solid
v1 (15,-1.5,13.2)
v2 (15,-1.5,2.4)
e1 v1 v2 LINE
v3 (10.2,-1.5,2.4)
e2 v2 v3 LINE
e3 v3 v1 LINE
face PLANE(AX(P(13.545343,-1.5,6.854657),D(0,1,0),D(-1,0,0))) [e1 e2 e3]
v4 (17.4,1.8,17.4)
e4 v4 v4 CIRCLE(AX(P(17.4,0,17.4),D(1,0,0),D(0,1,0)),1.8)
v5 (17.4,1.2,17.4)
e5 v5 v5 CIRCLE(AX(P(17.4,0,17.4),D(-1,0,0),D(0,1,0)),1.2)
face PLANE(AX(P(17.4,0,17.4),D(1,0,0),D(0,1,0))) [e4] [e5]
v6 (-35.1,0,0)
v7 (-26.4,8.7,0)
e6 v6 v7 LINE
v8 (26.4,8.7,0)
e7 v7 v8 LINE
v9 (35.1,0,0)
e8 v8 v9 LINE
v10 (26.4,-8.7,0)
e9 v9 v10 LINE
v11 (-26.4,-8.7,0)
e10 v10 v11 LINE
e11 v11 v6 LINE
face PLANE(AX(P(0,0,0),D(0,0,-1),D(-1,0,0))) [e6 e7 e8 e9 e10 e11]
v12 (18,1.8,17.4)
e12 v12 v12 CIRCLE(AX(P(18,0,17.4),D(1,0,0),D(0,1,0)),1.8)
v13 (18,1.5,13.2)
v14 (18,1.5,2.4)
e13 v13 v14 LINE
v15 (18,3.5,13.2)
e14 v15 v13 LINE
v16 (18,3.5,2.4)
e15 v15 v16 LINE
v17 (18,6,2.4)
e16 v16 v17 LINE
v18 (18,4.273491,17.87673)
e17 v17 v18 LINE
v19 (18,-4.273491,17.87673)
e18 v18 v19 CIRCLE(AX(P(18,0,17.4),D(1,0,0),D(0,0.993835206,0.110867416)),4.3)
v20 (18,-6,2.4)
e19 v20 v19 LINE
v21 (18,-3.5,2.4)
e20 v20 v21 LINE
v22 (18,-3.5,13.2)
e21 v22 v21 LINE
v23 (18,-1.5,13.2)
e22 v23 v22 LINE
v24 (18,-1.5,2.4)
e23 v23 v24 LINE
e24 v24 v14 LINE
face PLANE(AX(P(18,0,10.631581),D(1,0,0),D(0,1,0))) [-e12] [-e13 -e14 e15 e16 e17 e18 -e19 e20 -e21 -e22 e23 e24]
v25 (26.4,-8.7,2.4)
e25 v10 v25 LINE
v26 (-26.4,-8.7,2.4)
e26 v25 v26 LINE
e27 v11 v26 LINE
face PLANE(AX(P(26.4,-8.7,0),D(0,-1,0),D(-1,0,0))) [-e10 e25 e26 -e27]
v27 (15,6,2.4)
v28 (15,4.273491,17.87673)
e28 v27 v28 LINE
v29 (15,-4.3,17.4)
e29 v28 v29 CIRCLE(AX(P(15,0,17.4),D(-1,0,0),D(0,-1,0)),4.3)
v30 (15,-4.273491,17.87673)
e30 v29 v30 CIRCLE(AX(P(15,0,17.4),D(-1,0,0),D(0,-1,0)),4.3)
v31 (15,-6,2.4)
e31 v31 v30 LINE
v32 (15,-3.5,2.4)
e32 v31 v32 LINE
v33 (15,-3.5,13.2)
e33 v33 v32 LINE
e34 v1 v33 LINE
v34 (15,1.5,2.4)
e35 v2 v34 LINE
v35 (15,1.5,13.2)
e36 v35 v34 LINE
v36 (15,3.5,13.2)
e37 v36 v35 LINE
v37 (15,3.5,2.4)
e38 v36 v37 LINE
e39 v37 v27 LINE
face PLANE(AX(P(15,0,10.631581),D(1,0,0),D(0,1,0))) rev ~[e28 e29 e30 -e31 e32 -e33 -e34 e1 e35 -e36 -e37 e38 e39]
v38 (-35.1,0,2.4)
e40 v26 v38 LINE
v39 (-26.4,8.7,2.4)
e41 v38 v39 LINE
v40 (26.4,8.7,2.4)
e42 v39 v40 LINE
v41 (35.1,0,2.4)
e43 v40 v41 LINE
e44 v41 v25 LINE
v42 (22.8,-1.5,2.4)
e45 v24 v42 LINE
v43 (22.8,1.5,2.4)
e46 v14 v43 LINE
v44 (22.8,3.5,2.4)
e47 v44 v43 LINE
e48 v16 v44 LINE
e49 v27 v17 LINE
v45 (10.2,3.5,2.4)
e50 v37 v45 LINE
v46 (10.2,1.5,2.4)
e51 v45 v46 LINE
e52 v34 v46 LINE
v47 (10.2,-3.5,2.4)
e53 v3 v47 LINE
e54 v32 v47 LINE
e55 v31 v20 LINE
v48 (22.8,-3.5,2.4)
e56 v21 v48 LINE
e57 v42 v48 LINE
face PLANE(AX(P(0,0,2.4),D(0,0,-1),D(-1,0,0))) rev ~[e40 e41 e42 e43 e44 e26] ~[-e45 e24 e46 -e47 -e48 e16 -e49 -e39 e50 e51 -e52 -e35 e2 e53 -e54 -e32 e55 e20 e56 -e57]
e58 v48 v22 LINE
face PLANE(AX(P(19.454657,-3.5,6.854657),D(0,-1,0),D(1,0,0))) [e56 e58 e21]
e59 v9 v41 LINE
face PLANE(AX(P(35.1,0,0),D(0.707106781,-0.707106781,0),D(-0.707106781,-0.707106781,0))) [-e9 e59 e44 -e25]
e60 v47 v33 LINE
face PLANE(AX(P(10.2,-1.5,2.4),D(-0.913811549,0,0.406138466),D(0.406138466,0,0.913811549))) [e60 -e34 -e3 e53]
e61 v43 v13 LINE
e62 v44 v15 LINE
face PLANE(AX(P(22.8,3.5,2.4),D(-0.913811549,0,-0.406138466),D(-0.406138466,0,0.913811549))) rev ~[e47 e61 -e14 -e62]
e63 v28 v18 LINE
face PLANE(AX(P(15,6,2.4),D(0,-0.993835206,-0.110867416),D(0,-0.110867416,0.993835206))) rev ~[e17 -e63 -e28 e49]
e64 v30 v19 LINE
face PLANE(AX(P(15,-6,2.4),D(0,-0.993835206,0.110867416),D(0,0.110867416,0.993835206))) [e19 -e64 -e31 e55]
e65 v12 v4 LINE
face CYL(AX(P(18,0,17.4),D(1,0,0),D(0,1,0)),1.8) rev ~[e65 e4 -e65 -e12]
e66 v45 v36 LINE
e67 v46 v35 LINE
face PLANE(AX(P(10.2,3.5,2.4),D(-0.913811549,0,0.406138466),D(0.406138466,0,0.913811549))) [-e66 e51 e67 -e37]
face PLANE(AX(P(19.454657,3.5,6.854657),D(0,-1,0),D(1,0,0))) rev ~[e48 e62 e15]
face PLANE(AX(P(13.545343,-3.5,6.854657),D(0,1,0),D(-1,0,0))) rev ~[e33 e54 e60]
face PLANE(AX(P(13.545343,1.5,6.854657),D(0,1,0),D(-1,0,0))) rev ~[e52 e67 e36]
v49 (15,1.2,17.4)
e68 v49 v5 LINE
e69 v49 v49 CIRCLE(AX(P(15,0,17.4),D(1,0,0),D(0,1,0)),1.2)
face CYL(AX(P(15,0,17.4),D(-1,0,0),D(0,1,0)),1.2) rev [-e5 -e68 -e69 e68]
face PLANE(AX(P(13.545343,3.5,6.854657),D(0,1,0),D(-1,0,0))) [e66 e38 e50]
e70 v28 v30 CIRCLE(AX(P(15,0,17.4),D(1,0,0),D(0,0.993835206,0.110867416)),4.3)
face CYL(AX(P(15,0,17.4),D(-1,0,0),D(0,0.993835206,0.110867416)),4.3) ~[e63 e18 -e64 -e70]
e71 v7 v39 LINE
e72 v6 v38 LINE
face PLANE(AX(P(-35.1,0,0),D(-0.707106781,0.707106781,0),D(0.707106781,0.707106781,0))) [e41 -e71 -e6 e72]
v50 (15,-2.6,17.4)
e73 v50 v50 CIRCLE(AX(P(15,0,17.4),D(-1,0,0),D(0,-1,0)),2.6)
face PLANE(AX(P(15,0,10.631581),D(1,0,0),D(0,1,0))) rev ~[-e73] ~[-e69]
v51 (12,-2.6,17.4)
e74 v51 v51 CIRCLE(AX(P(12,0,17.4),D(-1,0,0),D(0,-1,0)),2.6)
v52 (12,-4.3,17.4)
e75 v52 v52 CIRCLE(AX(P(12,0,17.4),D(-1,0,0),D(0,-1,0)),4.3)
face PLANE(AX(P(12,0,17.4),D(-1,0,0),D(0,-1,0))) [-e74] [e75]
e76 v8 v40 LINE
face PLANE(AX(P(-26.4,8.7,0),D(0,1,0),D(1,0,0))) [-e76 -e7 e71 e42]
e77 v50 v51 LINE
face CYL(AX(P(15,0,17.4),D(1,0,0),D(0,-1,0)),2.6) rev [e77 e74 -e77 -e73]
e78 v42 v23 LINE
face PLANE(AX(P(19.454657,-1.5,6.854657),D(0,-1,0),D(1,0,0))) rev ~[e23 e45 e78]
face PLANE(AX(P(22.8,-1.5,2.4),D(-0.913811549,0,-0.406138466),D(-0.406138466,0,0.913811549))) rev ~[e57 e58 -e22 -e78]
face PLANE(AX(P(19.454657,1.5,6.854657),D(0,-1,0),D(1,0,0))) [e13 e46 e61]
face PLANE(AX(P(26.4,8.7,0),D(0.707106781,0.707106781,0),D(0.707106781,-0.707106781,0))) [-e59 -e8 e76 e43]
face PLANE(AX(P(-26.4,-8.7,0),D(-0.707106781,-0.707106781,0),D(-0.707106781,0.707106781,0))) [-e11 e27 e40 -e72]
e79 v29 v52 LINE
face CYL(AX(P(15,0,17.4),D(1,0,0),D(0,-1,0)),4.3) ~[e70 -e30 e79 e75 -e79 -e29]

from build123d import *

# Parameters (mm, degrees)
PAD_DEPTH           = 2.4
SKETCH002_R         = 1.2
PAD001_DEPTH        = 3
SKETCH003_R         = 4.3
SKETCH003_R_2       = 2.6
PAD002_DEPTH        = 3
PAD003_DEPTH        = 2
LINEARPATTERN_COUNT = 2
LINEARPATTERN_PITCH = 5
SKETCH006_R         = 1.8
POCKET_DEPTH        = 0.6


with BuildPart() as part:
    # Sketch → Pad (new body)
    with BuildSketch(Plane.XY):
        Polygon((-26.4, 8.7), (26.4, 8.7), (35.1, 0), (26.4, -8.7), (-26.4, -8.7), (-35.1, 0), align=None)
    extrude(amount=PAD_DEPTH)

    # Sketch002 → Pad001 (join)
    with BuildSketch(Plane.YZ.offset(15)):
        with BuildLine():
            Line((-6, 2.4), (6, 2.4))
            Line((6, 2.4), (4.2734913846, 17.8767298872))
            ThreePointArc((4.2734913846, 17.8767298872), (0, 21.7), (-4.2734913846, 17.8767298872))
            Line((-6, 2.4), (-4.2734913846, 17.8767298872))
        make_face()
        with Locations((0, 17.4)):
            Circle(SKETCH002_R, mode=Mode.SUBTRACT)
    extrude(amount=PAD001_DEPTH)

    # Sketch003 (on Face12 of Pad001) → Pad002 (join)
    with BuildSketch(Plane(origin=(15, 0, 0), x_dir=(0, -1, 0), z_dir=(-1, 0, 0))):
        with Locations((0, 17.4)):
            Circle(SKETCH003_R)
        with Locations((0, 17.4)):
            Circle(SKETCH003_R_2, mode=Mode.SUBTRACT)
    extrude(amount=PAD002_DEPTH)

    # Sketch005 → Pad003 (join)
    with BuildSketch(Plane.XZ.offset(1.5)):
        Polygon((10.2, 2.4), (15, 13.2), (15, 2.4), align=None)
        Polygon((18, 13.2), (18, 2.4), (22.8, 2.4), align=None)
    pad003 = extrude(amount=PAD003_DEPTH)

    # LinearPattern: Pad003 ×2
    with Locations(*[(0, i * LINEARPATTERN_PITCH, 0) for i in range(1, LINEARPATTERN_COUNT)]):
        add(pad003)

    # Sketch006 (on Face10 of LinearPattern) → Pocket (cut)
    with BuildSketch(Plane.YZ.offset(18)):
        with Locations((0, 17.4)):
            Circle(SKETCH006_R)
    extrude(amount=-POCKET_DEPTH, mode=Mode.SUBTRACT)


solid = part.part
